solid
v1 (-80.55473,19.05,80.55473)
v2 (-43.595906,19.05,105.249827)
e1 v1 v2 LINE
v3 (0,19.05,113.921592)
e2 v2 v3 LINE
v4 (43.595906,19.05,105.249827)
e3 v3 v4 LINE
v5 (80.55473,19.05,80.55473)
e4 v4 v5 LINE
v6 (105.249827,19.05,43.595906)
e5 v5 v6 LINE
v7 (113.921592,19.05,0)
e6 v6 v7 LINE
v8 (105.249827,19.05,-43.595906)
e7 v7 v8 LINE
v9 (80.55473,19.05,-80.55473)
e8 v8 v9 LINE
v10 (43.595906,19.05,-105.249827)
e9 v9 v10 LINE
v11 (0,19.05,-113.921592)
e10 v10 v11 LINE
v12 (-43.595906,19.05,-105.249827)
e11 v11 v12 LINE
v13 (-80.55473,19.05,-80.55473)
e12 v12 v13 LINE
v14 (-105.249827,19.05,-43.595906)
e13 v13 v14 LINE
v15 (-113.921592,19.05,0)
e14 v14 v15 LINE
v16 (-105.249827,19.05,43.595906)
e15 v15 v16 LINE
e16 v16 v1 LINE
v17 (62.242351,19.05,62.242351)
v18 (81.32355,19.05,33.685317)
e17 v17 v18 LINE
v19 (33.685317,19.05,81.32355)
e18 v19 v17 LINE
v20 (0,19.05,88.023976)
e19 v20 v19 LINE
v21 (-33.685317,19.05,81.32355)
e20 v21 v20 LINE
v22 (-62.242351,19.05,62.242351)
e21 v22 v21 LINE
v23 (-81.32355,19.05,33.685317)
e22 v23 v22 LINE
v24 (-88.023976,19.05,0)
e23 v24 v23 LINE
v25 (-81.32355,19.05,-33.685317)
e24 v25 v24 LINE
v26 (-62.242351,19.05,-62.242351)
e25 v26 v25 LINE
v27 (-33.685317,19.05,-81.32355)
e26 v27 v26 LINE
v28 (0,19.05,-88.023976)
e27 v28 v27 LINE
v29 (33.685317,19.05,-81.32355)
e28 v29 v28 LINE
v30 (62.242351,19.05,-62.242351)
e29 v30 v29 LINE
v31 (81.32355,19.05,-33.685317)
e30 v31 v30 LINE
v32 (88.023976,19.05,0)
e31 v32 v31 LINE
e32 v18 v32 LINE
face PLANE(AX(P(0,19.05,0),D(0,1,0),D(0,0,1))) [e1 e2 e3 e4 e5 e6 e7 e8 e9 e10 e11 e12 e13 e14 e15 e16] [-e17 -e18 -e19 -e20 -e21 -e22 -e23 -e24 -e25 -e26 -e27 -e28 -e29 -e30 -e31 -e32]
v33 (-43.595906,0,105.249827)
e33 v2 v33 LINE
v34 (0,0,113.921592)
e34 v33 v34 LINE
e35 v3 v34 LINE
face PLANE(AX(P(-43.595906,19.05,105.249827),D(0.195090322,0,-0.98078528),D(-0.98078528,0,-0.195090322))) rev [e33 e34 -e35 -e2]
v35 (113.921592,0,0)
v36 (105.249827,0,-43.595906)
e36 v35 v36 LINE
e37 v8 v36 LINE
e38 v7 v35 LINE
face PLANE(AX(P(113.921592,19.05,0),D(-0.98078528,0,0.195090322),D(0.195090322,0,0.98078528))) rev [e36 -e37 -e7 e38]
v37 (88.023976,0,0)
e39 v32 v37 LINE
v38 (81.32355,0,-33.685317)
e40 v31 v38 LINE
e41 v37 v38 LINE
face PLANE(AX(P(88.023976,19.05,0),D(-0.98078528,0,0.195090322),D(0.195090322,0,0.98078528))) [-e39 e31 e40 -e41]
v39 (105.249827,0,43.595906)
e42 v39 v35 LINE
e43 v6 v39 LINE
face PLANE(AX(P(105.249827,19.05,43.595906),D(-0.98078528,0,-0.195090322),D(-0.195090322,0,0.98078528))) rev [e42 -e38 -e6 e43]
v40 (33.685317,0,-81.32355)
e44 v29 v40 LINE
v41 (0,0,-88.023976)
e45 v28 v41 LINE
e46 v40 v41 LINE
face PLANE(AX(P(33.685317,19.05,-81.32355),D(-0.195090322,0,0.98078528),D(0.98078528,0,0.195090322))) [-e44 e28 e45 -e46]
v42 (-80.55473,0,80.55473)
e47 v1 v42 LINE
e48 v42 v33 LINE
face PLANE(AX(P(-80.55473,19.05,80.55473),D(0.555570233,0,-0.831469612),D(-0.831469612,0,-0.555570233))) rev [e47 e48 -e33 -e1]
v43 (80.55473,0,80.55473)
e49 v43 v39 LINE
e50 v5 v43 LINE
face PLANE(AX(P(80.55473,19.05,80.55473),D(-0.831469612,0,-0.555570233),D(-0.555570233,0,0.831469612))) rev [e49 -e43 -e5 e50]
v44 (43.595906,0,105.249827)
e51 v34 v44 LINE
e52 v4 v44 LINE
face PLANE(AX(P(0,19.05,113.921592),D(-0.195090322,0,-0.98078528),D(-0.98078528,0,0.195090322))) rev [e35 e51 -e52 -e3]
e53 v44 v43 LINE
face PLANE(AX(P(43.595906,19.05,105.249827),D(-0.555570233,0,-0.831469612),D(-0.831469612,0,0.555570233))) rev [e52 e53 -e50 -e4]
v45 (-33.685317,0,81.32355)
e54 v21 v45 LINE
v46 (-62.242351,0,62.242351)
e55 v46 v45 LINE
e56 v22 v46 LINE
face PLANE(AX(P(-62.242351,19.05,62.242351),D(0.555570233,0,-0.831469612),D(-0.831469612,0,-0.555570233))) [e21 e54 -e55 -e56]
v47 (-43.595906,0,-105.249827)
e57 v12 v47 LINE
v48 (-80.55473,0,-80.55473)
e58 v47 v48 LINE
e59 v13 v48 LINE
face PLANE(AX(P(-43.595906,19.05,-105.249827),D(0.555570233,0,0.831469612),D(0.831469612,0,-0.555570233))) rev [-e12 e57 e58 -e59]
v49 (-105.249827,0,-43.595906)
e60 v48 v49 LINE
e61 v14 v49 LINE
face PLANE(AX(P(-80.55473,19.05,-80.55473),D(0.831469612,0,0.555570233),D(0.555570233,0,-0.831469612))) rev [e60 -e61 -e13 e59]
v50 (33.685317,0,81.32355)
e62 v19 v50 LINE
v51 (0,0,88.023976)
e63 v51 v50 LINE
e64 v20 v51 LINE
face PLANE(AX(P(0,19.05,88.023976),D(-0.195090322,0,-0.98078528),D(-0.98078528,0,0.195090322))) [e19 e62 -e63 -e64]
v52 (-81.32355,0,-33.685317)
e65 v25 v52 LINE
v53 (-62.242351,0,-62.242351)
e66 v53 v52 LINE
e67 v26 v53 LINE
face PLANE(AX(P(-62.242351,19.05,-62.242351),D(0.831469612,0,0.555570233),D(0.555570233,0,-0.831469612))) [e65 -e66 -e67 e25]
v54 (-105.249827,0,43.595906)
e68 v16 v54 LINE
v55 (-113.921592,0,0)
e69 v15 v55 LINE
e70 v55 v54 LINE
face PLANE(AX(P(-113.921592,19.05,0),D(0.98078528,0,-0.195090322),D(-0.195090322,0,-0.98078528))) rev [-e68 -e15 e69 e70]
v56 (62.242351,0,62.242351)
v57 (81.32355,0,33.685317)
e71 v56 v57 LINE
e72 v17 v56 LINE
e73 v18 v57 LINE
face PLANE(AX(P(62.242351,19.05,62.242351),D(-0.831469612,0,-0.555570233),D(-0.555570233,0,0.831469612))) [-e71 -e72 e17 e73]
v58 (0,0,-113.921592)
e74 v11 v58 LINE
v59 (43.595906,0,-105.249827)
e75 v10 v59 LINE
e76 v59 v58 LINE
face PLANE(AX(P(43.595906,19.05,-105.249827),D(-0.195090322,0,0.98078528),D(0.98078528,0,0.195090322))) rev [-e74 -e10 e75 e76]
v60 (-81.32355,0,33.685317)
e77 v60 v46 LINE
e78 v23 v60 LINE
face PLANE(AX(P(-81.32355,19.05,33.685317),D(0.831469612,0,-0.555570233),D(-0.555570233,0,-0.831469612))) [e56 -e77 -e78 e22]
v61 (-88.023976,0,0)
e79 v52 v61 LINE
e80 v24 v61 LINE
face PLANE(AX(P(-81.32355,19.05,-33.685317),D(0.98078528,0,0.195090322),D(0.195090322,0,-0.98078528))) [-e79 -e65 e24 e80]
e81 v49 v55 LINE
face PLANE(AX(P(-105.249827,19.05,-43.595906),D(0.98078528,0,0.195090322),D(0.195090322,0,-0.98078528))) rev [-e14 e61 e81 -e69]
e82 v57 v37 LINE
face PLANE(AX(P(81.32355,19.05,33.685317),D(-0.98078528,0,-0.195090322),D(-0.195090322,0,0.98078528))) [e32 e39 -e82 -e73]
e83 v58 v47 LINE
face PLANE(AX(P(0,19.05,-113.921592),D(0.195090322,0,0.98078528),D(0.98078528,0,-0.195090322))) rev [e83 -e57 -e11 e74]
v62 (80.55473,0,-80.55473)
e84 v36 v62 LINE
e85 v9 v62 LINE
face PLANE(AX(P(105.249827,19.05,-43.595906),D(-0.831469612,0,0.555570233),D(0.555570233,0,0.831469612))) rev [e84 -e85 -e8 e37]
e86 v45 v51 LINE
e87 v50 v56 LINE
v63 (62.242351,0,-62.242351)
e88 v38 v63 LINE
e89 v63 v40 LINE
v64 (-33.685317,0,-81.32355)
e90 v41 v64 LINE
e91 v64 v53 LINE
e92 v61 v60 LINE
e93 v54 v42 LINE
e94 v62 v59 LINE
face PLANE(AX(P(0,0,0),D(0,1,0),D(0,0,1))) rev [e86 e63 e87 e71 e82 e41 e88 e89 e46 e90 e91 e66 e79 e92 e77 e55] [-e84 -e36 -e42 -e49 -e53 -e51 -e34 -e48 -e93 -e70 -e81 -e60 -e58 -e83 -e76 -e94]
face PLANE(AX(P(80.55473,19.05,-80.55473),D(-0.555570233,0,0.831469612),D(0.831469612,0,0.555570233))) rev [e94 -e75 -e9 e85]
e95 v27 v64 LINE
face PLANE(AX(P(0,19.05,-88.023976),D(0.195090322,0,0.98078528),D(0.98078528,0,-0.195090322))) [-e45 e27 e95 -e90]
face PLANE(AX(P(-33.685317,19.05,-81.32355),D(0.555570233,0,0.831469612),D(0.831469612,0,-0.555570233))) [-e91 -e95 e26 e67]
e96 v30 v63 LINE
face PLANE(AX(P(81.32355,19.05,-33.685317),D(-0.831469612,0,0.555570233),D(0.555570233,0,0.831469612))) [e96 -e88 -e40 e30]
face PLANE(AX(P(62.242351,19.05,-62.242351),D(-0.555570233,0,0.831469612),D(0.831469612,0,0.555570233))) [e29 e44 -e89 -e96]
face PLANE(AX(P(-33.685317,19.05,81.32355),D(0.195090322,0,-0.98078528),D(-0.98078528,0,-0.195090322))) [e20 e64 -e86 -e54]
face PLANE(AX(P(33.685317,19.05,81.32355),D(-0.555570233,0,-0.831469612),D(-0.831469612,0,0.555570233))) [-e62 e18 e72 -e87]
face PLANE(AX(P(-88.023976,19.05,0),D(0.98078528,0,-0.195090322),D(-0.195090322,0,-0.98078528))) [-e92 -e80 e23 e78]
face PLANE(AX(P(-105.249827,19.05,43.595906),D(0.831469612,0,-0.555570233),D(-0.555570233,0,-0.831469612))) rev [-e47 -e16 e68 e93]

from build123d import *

# Parameters (mm, degrees)
BOSS_EXTRUDE1_DEPTH = 19.05


with BuildPart() as part:
    # Sketch1 → Boss-Extrude1 (new body)
    with BuildSketch(Plane(origin=(0, 0, 0), x_dir=(1, 0, 0), z_dir=(0, 1, 0))):
        Polygon((113.921591652, 0), (105.249826838, 43.595905714), (80.554729981, 80.554729981), (43.595905714, 105.249826838), (0, 113.921591652), (-43.595905714, 105.249826838), (-80.554729981, 80.554729981), (-105.249826838, 43.595905714), (-113.921591652, 0), (-105.249826838, -43.595905714), (-80.554729981, -80.554729981), (-43.595905714, -105.249826838), (0, -113.921591652), (43.595905714, -105.249826838), (80.554729981, -80.554729981), (105.249826838, -43.595905714), align=None)
        Polygon((88.023976234, 0), (81.323550012, 33.685317356), (62.242350502, 62.242350502), (33.685317356, 81.323550013), (0, 88.023976234), (-33.685317356, 81.323550012), (-62.242350502, 62.242350502), (-81.323550013, 33.685317356), (-88.023976234, 0), (-81.323550012, -33.685317356), (-62.242350502, -62.242350502), (-33.685317356, -81.323550013), (0, -88.023976234), (33.685317356, -81.323550012), (62.242350502, -62.242350502), (81.323550013, -33.685317356), align=None, mode=Mode.SUBTRACT)
    extrude(amount=BOSS_EXTRUDE1_DEPTH)


solid = part.part
